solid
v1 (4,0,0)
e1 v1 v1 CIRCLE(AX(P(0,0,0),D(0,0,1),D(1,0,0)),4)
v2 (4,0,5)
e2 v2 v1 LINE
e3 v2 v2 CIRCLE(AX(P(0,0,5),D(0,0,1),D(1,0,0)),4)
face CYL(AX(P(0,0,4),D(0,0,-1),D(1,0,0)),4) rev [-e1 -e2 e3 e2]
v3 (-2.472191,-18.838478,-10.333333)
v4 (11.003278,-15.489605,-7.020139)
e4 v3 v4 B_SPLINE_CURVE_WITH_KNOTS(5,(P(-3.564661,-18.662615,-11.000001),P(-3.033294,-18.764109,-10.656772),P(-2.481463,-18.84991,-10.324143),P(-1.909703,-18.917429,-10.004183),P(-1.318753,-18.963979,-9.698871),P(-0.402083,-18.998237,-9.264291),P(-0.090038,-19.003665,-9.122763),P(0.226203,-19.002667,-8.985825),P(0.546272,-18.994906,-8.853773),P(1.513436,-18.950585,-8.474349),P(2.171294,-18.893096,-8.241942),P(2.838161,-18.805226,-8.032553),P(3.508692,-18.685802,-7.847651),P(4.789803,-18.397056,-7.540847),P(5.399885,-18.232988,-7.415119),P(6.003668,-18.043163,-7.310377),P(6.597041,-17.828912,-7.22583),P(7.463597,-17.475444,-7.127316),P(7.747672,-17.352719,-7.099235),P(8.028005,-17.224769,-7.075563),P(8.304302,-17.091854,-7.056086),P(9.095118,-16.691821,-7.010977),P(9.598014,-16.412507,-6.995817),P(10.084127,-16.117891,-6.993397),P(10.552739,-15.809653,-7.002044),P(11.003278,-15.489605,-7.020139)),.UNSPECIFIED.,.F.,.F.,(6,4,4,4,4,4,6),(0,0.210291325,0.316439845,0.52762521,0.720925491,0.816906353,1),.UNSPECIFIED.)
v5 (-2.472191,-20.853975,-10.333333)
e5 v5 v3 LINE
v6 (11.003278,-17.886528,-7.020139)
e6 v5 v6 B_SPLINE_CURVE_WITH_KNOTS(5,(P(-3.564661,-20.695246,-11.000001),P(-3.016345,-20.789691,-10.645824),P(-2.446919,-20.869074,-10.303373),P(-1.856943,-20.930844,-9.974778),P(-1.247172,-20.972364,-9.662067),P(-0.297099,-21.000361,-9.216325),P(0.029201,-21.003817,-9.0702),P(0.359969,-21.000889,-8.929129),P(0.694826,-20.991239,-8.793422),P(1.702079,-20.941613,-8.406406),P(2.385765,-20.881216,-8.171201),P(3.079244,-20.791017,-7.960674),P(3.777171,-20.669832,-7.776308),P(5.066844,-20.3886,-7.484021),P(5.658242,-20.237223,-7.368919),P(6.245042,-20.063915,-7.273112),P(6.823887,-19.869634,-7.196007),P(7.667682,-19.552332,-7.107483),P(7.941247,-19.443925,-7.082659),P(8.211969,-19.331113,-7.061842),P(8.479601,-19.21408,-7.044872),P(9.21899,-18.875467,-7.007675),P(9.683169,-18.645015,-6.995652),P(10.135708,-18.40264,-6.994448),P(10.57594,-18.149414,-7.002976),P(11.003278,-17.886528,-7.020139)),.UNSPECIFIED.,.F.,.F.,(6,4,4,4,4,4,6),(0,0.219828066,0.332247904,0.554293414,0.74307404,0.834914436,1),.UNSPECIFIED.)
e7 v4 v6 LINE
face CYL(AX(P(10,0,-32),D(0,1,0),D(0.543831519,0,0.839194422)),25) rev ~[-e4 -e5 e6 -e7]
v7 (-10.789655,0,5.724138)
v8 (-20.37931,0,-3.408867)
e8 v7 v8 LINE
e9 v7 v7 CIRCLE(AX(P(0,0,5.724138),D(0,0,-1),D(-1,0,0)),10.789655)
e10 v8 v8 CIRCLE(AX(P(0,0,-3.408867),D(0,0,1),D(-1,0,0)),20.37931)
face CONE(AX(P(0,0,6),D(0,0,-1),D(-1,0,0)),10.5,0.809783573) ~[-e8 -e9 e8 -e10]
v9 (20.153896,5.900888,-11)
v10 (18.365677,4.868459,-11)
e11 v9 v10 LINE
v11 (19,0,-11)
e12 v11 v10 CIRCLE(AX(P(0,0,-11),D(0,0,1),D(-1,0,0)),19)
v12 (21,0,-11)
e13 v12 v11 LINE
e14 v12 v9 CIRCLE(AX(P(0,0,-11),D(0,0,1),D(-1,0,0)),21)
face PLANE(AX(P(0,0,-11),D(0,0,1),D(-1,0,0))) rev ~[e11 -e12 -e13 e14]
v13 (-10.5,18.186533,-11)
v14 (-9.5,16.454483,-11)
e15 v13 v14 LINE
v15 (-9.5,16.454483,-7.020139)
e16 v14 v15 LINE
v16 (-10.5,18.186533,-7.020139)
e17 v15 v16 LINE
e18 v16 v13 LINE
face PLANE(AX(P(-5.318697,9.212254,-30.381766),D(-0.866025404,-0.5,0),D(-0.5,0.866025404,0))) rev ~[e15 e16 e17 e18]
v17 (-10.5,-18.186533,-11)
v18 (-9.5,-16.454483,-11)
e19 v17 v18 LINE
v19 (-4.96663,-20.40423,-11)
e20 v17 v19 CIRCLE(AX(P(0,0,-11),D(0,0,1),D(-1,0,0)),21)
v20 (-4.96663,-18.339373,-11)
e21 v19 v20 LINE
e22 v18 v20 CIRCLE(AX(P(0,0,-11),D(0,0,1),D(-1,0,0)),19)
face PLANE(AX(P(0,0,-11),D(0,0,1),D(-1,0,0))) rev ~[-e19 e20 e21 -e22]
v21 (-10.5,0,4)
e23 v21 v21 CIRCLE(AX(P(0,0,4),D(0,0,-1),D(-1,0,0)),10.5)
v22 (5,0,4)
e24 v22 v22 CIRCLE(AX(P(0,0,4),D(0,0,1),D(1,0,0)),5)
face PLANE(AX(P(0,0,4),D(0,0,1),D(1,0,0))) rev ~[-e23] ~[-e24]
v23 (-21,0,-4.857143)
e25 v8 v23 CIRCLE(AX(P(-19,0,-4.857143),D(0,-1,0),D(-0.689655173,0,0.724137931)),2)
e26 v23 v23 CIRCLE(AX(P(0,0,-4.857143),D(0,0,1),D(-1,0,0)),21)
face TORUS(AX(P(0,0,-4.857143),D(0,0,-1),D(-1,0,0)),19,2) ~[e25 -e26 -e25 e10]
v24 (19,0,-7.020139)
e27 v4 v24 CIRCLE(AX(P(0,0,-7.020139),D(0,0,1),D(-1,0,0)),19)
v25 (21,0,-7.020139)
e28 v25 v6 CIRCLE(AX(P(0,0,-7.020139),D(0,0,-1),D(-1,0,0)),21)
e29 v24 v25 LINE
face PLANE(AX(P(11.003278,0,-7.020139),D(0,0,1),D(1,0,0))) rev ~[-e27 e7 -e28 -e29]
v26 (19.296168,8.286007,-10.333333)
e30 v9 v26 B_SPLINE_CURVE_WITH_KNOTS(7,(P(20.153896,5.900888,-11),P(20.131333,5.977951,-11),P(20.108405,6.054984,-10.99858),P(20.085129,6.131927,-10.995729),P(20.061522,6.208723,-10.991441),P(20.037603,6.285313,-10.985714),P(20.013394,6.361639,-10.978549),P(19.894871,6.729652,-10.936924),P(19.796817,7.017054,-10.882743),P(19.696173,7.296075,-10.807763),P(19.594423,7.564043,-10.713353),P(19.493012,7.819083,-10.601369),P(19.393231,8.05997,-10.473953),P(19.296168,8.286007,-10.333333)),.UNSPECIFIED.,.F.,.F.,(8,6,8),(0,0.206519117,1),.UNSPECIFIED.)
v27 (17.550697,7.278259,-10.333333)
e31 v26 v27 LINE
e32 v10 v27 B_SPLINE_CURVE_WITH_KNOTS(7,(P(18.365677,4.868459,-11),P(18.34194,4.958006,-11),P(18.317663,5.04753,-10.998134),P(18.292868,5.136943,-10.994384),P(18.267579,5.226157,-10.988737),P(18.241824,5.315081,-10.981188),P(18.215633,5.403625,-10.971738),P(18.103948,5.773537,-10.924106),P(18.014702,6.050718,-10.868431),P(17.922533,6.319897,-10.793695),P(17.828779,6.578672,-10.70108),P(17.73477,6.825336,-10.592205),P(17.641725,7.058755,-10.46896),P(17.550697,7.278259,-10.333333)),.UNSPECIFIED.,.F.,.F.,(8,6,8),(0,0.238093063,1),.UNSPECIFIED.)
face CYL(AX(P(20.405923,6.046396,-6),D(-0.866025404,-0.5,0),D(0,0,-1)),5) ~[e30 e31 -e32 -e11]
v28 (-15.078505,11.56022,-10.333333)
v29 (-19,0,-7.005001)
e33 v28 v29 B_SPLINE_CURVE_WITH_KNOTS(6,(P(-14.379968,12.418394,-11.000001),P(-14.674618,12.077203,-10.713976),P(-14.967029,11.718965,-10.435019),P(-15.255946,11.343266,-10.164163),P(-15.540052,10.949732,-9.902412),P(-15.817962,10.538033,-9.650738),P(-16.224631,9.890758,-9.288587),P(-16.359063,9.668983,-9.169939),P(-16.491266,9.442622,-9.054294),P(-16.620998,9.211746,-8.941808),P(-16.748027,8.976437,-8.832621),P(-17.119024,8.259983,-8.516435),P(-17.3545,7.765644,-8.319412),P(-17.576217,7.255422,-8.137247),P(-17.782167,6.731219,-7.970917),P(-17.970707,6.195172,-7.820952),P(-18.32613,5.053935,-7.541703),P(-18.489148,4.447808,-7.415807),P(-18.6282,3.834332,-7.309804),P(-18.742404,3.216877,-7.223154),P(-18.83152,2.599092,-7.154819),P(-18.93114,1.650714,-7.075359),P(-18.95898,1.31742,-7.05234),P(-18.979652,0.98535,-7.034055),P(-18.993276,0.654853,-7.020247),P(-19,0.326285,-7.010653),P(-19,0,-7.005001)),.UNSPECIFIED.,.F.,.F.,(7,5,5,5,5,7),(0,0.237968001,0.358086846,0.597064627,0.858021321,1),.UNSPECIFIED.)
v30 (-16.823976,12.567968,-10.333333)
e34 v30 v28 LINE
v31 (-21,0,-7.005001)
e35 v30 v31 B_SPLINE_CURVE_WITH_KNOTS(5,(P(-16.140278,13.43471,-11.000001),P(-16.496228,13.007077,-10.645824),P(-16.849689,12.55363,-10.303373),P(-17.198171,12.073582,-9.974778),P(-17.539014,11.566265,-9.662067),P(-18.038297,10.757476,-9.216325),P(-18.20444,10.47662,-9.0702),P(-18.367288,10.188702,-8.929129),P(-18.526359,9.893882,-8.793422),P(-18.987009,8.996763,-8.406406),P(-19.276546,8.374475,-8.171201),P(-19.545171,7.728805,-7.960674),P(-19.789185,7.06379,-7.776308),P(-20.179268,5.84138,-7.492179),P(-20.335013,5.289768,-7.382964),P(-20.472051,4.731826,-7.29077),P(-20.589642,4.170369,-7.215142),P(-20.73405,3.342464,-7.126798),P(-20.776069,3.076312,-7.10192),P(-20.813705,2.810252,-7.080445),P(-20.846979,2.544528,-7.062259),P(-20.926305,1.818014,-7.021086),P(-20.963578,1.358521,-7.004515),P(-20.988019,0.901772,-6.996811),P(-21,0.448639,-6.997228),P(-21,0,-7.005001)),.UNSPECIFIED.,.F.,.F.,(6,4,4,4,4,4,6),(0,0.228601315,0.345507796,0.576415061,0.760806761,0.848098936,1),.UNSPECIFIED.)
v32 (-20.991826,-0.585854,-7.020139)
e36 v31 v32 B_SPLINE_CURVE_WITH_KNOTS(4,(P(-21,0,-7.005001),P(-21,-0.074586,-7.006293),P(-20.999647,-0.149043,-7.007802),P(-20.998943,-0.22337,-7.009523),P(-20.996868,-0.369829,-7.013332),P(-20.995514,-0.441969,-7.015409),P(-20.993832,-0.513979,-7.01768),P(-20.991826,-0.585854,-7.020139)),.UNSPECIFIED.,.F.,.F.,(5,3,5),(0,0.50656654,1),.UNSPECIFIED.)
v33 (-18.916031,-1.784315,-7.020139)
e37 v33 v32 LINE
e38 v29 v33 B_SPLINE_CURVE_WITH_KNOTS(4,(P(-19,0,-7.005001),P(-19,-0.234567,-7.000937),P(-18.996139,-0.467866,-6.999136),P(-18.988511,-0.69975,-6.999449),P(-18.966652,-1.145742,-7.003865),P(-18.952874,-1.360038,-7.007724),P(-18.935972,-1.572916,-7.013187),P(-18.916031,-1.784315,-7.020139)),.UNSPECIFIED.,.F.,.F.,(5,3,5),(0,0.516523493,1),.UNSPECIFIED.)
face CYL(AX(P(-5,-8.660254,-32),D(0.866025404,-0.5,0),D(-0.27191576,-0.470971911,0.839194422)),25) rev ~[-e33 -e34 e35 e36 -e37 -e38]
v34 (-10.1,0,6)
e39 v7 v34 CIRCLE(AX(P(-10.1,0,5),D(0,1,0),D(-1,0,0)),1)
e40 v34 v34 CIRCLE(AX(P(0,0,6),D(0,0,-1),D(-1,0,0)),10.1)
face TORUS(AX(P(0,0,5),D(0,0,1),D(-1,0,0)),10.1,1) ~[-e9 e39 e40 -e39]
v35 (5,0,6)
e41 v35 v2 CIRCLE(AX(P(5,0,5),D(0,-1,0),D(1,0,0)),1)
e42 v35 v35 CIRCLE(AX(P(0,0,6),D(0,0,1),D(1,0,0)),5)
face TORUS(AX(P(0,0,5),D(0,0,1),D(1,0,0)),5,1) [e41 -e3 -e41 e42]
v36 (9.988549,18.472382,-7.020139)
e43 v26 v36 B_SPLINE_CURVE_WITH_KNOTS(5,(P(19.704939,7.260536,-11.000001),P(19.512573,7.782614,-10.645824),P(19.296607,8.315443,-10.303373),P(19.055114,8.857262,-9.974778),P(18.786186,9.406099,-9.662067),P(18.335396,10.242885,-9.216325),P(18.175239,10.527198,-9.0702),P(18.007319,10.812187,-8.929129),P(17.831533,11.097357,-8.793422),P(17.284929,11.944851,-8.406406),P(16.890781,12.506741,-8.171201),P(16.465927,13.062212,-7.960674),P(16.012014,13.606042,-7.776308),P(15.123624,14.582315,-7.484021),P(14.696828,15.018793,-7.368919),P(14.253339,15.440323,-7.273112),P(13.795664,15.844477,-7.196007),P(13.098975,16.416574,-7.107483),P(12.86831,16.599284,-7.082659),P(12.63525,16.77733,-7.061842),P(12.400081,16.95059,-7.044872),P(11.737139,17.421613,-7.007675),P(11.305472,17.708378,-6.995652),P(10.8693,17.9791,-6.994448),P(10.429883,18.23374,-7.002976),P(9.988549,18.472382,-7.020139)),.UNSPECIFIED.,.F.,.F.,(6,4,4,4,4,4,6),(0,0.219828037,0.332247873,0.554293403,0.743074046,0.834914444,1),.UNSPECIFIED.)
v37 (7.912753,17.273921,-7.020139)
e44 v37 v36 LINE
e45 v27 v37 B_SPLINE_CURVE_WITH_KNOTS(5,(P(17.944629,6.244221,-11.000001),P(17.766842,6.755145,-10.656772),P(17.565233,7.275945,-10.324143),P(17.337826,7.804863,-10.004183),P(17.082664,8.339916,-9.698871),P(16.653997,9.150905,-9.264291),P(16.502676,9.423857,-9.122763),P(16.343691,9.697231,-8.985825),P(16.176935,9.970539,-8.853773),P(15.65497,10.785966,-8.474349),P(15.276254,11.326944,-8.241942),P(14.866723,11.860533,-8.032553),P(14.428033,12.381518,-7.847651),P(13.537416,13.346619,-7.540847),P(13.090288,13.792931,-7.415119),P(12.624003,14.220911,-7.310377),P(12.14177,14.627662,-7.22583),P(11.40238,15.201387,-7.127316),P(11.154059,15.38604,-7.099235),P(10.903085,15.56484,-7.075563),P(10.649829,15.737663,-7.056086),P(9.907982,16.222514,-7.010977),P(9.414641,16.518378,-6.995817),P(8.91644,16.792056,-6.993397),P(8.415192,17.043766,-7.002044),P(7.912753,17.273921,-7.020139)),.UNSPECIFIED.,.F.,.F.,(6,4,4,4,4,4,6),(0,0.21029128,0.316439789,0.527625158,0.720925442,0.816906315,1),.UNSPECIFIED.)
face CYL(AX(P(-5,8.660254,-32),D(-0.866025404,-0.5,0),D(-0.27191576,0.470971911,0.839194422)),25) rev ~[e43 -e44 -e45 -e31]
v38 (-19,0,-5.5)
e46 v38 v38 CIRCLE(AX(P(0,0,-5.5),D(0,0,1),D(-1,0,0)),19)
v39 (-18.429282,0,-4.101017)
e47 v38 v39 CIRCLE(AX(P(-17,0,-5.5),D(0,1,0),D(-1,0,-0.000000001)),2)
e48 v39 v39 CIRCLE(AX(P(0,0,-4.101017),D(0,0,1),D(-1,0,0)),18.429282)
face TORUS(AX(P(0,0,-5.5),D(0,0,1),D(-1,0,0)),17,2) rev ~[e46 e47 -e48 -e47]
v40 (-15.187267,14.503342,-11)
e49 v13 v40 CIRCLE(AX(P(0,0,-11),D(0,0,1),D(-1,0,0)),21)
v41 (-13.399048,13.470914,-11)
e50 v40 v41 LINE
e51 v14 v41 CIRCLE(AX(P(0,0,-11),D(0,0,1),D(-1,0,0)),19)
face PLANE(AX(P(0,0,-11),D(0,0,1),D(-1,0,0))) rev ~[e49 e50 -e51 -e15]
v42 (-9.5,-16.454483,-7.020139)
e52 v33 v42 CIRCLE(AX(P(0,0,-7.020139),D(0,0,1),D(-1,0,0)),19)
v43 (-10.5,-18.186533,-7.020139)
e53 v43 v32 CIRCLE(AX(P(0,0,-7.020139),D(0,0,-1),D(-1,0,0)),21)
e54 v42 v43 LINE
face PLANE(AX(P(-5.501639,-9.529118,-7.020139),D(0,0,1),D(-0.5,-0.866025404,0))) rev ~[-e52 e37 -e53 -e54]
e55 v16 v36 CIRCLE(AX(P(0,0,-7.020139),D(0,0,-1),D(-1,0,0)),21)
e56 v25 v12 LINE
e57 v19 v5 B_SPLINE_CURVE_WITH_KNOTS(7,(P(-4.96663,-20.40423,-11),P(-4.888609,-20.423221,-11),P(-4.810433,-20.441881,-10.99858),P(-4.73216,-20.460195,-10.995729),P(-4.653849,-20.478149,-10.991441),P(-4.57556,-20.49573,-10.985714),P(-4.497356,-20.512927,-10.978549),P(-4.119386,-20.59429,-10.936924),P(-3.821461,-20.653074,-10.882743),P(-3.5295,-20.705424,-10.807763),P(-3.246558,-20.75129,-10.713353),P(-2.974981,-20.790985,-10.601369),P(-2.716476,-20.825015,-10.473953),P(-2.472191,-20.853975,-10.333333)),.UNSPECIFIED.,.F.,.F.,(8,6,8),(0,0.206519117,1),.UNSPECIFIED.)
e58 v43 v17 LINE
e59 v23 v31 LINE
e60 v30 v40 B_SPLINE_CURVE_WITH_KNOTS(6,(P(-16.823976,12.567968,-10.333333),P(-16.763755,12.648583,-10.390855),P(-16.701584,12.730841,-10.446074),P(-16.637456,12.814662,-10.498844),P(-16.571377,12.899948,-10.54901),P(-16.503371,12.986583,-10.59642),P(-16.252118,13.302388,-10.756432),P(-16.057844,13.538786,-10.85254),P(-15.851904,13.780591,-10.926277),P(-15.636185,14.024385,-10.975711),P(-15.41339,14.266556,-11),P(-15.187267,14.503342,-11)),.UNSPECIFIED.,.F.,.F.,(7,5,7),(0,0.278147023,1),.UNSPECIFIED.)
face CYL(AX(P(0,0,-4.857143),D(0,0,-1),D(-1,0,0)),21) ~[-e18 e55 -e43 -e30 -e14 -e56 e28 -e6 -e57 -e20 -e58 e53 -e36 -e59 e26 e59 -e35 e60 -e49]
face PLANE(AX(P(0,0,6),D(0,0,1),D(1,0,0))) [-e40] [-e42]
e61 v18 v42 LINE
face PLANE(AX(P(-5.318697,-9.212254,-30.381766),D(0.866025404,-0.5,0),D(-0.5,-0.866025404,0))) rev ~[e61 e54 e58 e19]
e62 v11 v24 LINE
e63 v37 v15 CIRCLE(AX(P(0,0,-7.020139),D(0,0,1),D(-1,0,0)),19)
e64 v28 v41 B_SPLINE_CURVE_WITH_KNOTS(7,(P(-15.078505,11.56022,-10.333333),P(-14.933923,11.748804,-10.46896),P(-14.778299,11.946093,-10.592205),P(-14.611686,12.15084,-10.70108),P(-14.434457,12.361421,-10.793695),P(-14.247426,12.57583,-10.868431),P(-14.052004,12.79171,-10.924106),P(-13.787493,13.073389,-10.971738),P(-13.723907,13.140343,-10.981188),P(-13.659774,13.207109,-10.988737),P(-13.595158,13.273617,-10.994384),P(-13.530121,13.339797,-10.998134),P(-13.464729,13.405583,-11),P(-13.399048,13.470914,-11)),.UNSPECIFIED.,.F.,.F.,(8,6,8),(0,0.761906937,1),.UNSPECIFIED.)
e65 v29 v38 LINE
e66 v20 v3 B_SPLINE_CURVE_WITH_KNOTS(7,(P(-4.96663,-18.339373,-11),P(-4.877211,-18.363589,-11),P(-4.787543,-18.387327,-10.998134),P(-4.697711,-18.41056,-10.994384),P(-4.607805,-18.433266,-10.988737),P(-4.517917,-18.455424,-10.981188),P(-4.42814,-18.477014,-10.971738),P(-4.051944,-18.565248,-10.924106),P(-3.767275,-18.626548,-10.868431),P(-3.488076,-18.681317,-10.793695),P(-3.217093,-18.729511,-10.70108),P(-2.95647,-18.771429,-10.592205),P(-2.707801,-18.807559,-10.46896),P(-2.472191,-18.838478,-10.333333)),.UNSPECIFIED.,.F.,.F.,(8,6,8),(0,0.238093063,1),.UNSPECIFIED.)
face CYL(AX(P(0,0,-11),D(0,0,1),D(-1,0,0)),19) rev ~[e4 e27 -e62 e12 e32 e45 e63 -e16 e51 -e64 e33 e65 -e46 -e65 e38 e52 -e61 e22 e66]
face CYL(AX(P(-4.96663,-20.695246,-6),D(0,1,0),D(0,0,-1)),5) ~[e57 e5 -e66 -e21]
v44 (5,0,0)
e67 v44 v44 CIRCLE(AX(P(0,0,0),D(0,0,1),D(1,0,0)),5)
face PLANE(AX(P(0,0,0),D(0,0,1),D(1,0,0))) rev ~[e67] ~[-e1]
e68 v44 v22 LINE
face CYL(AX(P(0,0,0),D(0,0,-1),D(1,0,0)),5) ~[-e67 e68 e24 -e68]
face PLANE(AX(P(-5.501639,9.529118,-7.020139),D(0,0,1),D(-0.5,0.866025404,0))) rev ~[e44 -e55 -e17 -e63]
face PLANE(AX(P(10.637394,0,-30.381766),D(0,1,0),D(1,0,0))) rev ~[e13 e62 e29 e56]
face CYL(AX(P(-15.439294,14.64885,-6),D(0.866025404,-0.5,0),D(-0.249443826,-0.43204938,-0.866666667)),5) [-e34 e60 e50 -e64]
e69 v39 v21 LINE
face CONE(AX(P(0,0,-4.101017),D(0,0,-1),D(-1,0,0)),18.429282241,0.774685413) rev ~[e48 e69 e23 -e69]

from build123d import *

# Parameters (mm, degrees)
ESQUISSE1_R                  = 5
ESQUISSE1_R_2                = 4
BASE_EXTRUSION_DEPTH         = 4
ESQUISSE2_R                  = 10.5
ESQUISSE2_R_2                = 4
BOSS_EXTRU_1_DEPTH           = 2
ENL_V_MAT_EXTRU_1_DEPTH      = 32.670175244
R_P_TITION_CIRCULAIRE1_COUNT = 3
CONG_1_R                     = 5
CONG_2_R                     = 1


with BuildPart() as part:
    # Esquisse1 → Base-Extrusion (new body)
    with BuildSketch(Plane.XY):
        Circle(ESQUISSE1_R)
        Circle(ESQUISSE1_R_2, mode=Mode.SUBTRACT)
    extrude(amount=BASE_EXTRUSION_DEPTH)

    # Esquisse2 → Boss.-Extru.1 (add)
    with BuildSketch(Plane.XY.offset(4)):
        Circle(ESQUISSE2_R)
        Circle(ESQUISSE2_R_2, mode=Mode.SUBTRACT)
    extrude(amount=BOSS_EXTRU_1_DEPTH)

    # Esquisse3 → Boss.-Révol.1 (revolve)
    with BuildSketch(Plane(origin=(0, 0, 0), x_dir=(1, 0, 0), z_dir=(0, 1, 0))):
        with BuildLine():
            Line((-10.5, -6), (-20.379310345, 3.408866995))
            ThreePointArc((-20.379310345, 3.408866995), (-20.83829006, 4.06930426), (-21, 4.857142857))
            Line((-21, 4.857142857), (-21, 6))
            Line((-21, 6), (-21, 11))
            Line((-21, 11), (-19, 11))
            Line((-19, 11), (-19, 5.5))
            ThreePointArc((-19, 5.5), (-18.851832131, 4.744541358), (-18.429282241, 4.101017414))
            Line((-18.429282241, 4.101017414), (-10.5, -4))
            Line((-10.5, -4), (-10.5, -6))
        make_face()
    revolve(axis=Axis((0, 0, -19.062079538), (0, 0, 1)))

    # Esquisse4 → Enlèv. mat.-Extru.1 (cut, through all)
    with BuildSketch(Plane(origin=(0, 0, 0), x_dir=(1, 0, 0), z_dir=(0, 1, 0))):
        with BuildLine():
            Line((11.003277804, 7.020139439), (23.595787982, 7.020139439))
            Line((23.595787982, 7.020139439), (23.595787982, 11.020139439))
            ThreePointArc((23.595787982, 11.020139439), (2.431434716, 55.826808841), (11.003277804, 7.020139439))
        make_face()
    enl_v_mat_extru_1 = extrude(amount=-ENL_V_MAT_EXTRU_1_DEPTH, mode=Mode.SUBTRACT)

    # Répétition circulaire1: Enlèv. mat.-Extru.1 ×3 about axis
    r_p_tition_circulaire1_axis = Axis((0, 0, -50), (0, 0, 1))
    for i in range(1, R_P_TITION_CIRCULAIRE1_COUNT):
        add(enl_v_mat_extru_1.rotate(r_p_tition_circulaire1_axis, i * 360 / R_P_TITION_CIRCULAIRE1_COUNT), mode=Mode.SUBTRACT)

    # Congé1
    cong_1_edges = [part.edges().sort_by_distance(p)[0] for p in [
        (-15.260123677, 12.926551295, -11),
        (-3.564659966, -19.678930416, -11),
        (18.824783643, 6.752379122, -11),
    ]]
    fillet(cong_1_edges, radius=CONG_1_R)

    # Congé2
    cong_2_edges = [part.edges().sort_by_distance(p)[0] for p in [
        (10.5, 0, 6),
        (-4, 0, 6),
    ]]
    fillet(cong_2_edges, radius=CONG_2_R)


solid = part.part
